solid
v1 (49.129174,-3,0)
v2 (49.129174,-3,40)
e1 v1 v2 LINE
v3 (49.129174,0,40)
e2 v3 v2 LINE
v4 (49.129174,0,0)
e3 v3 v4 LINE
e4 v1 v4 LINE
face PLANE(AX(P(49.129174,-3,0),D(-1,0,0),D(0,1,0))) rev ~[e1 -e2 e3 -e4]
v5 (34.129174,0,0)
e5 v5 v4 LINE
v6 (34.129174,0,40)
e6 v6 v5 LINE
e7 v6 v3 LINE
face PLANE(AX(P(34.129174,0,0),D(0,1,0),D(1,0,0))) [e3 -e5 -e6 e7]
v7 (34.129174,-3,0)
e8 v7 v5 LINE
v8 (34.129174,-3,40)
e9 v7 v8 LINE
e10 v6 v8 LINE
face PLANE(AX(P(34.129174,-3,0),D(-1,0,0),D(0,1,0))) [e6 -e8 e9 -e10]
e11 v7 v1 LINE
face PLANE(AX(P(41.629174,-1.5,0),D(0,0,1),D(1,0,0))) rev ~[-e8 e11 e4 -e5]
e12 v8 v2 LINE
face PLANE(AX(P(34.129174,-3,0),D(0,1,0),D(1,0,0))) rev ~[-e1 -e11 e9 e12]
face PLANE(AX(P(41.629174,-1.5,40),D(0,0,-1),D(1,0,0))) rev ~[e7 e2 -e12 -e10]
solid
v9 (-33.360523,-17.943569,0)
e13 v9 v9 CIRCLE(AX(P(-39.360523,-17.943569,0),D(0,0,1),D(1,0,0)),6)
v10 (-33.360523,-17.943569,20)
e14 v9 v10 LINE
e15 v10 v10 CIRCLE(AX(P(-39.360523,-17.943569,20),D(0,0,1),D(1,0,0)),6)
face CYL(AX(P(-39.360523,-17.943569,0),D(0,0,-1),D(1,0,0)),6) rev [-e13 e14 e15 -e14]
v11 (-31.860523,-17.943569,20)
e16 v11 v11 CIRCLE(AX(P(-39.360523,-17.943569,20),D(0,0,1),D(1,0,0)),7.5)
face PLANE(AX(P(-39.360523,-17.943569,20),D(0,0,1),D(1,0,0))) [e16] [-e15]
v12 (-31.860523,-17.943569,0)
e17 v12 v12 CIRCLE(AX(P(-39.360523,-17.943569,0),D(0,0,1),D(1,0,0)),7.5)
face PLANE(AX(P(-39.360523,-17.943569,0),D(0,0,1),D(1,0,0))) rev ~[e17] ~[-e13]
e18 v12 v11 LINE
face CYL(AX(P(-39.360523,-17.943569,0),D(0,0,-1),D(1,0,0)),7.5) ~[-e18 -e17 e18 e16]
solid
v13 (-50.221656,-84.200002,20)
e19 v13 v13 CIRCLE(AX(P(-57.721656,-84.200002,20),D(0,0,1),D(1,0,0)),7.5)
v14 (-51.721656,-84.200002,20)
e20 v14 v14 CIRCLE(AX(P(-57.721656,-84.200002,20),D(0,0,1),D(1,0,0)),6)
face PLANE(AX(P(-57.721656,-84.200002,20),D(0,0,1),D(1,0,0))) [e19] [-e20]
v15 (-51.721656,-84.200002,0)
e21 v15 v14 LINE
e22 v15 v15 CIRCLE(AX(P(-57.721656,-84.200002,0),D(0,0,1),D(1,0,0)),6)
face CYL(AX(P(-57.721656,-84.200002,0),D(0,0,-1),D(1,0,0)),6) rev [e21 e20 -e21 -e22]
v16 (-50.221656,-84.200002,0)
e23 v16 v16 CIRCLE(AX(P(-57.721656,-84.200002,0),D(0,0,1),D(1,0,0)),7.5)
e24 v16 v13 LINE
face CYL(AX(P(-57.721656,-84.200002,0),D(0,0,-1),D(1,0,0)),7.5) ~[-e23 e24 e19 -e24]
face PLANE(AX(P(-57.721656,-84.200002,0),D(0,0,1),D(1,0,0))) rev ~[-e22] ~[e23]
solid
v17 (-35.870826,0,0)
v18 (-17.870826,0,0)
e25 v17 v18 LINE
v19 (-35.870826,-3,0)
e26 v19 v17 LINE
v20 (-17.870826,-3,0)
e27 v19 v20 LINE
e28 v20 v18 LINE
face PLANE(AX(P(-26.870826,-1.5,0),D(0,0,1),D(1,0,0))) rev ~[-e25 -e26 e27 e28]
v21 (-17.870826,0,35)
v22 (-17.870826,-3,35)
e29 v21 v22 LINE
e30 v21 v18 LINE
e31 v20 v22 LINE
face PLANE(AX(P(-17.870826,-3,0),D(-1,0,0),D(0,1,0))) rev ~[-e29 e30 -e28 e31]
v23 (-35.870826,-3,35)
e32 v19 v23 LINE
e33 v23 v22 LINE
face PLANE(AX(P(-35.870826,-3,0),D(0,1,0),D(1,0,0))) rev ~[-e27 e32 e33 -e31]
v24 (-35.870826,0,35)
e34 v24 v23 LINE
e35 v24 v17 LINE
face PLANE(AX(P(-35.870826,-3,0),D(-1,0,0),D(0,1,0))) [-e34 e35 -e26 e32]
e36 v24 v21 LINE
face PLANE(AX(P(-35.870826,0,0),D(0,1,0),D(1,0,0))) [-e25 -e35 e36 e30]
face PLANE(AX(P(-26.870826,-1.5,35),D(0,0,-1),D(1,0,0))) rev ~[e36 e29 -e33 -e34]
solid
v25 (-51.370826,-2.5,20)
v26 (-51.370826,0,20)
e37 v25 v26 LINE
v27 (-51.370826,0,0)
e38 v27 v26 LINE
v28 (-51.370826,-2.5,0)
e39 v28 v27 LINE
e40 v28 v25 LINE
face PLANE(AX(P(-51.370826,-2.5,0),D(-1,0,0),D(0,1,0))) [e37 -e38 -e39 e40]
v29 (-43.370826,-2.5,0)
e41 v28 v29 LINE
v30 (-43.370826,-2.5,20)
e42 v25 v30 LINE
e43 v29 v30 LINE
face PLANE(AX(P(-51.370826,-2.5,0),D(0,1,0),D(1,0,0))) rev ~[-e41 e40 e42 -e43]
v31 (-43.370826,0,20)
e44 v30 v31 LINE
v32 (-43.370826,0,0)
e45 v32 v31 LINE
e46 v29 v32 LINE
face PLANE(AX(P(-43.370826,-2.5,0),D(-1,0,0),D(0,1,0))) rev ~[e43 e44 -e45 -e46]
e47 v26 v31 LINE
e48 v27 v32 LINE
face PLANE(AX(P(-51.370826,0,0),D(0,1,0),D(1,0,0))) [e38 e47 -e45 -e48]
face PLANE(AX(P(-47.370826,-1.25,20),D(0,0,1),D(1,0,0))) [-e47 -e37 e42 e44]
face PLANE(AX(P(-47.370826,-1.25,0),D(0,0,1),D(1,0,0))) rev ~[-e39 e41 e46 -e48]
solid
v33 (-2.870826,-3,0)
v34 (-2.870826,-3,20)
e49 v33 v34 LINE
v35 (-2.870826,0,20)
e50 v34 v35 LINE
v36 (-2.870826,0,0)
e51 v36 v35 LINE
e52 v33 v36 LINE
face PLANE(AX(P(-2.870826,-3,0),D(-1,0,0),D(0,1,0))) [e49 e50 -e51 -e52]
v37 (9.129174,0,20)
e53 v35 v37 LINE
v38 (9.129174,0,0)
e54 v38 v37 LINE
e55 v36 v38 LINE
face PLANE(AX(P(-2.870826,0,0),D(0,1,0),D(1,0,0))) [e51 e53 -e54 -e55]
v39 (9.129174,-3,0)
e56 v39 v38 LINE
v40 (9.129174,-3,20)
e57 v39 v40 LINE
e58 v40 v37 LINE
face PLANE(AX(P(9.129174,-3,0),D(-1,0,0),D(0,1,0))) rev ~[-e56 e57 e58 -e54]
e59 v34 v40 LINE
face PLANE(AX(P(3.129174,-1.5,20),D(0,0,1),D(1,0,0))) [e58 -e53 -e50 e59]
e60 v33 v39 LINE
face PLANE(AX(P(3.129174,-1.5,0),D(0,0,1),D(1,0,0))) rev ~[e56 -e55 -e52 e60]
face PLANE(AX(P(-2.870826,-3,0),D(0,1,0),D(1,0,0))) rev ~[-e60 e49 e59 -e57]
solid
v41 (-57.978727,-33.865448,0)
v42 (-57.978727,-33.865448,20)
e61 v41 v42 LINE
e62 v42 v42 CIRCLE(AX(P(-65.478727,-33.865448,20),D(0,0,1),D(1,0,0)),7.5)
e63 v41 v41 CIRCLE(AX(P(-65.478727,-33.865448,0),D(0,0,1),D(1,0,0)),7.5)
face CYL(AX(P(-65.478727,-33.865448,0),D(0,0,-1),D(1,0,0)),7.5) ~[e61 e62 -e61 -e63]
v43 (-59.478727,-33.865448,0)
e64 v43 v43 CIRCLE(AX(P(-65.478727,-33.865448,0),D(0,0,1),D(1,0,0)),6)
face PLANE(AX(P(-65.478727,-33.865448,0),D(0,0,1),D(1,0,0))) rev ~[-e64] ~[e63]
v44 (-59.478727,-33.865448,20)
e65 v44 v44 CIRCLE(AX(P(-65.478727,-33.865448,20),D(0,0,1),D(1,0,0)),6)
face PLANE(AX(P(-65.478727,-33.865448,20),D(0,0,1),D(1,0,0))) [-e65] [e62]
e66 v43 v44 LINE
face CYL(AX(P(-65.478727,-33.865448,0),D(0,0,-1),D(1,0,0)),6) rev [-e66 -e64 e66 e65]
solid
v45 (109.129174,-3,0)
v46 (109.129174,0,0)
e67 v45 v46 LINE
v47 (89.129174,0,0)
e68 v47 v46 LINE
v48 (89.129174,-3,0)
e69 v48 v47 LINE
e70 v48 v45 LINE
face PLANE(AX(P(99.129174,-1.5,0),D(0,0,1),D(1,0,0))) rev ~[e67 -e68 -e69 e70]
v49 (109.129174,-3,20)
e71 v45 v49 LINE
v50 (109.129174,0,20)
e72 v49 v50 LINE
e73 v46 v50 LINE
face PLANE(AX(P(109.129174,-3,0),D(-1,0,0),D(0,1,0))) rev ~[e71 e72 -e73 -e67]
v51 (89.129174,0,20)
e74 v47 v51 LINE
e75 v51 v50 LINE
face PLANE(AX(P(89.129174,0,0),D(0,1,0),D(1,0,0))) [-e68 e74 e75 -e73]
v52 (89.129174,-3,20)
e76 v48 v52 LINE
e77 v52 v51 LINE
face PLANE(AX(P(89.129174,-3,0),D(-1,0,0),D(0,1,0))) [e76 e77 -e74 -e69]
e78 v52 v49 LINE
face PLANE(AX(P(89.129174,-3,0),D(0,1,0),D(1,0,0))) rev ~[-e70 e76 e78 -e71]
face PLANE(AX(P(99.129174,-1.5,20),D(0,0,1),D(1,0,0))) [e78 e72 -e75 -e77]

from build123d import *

# Parameters (mm, degrees)
F0_W        = 8
F0_H        = 2.5
F0_W_2      = 18
F0_H_2      = 3
F0_W_3      = 12
F0_W_4      = 15
F0_W_5      = 20
F0_R        = 7.5
F0_R_2      = 6
F1_DEPTH    = 20
F1_FACE_W   = 18
F1_FACE_H   = 3
F2_DEPTH    = 35
F1_FACE_W_2 = 15
F3_DEPTH    = 40


with BuildPart() as f1:
    # F0 (on Top) → F1 (new body)
    with BuildSketch(Plane.XY):
        with Locations((-47.370826, -1.25)):
            Rectangle(F0_W, F0_H)
        with Locations((-26.870826, -1.5)):
            Rectangle(F0_W_2, F0_H_2)
        with Locations((3.129174, -1.5)):
            Rectangle(F0_W_3, F0_H_2)
        with Locations((41.629174, -1.5)):
            Rectangle(F0_W_4, F0_H_2)
        with Locations((99.129174, -1.5)):
            Rectangle(F0_W_5, F0_H_2)
        with Locations((-39.360523, -17.943569)):
            Circle(F0_R)
        with Locations((-39.360523, -17.943569)):
            Circle(F0_R_2, mode=Mode.SUBTRACT)
        with Locations((-57.721656, -84.200002)):
            Circle(F0_R)
        with Locations((-57.721656, -84.200002)):
            Circle(F0_R_2, mode=Mode.SUBTRACT)
        with Locations((-65.478727, -33.865448)):
            Circle(F0_R)
        with Locations((-65.478727, -33.865448)):
            Circle(F0_R_2, mode=Mode.SUBTRACT)
    extrude(amount=F1_DEPTH)

    # F1_face (on face) → F2 (join)
    with BuildSketch(Plane(origin=(-26.870826, -1.5, 0), x_dir=(1, 0, 0), z_dir=(0, 0, -1))):
        Rectangle(F1_FACE_W, F1_FACE_H)
    extrude(amount=-F2_DEPTH)

    # F1_face (on face) → F3 (join)
    with BuildSketch(Plane(origin=(-26.870826, -1.5, 0), x_dir=(1, 0, 0), z_dir=(0, 0, -1))):
        with Locations((68.5, 0)):
            Rectangle(F1_FACE_W_2, F1_FACE_H)
    extrude(amount=-F3_DEPTH)


solid = f1.part
